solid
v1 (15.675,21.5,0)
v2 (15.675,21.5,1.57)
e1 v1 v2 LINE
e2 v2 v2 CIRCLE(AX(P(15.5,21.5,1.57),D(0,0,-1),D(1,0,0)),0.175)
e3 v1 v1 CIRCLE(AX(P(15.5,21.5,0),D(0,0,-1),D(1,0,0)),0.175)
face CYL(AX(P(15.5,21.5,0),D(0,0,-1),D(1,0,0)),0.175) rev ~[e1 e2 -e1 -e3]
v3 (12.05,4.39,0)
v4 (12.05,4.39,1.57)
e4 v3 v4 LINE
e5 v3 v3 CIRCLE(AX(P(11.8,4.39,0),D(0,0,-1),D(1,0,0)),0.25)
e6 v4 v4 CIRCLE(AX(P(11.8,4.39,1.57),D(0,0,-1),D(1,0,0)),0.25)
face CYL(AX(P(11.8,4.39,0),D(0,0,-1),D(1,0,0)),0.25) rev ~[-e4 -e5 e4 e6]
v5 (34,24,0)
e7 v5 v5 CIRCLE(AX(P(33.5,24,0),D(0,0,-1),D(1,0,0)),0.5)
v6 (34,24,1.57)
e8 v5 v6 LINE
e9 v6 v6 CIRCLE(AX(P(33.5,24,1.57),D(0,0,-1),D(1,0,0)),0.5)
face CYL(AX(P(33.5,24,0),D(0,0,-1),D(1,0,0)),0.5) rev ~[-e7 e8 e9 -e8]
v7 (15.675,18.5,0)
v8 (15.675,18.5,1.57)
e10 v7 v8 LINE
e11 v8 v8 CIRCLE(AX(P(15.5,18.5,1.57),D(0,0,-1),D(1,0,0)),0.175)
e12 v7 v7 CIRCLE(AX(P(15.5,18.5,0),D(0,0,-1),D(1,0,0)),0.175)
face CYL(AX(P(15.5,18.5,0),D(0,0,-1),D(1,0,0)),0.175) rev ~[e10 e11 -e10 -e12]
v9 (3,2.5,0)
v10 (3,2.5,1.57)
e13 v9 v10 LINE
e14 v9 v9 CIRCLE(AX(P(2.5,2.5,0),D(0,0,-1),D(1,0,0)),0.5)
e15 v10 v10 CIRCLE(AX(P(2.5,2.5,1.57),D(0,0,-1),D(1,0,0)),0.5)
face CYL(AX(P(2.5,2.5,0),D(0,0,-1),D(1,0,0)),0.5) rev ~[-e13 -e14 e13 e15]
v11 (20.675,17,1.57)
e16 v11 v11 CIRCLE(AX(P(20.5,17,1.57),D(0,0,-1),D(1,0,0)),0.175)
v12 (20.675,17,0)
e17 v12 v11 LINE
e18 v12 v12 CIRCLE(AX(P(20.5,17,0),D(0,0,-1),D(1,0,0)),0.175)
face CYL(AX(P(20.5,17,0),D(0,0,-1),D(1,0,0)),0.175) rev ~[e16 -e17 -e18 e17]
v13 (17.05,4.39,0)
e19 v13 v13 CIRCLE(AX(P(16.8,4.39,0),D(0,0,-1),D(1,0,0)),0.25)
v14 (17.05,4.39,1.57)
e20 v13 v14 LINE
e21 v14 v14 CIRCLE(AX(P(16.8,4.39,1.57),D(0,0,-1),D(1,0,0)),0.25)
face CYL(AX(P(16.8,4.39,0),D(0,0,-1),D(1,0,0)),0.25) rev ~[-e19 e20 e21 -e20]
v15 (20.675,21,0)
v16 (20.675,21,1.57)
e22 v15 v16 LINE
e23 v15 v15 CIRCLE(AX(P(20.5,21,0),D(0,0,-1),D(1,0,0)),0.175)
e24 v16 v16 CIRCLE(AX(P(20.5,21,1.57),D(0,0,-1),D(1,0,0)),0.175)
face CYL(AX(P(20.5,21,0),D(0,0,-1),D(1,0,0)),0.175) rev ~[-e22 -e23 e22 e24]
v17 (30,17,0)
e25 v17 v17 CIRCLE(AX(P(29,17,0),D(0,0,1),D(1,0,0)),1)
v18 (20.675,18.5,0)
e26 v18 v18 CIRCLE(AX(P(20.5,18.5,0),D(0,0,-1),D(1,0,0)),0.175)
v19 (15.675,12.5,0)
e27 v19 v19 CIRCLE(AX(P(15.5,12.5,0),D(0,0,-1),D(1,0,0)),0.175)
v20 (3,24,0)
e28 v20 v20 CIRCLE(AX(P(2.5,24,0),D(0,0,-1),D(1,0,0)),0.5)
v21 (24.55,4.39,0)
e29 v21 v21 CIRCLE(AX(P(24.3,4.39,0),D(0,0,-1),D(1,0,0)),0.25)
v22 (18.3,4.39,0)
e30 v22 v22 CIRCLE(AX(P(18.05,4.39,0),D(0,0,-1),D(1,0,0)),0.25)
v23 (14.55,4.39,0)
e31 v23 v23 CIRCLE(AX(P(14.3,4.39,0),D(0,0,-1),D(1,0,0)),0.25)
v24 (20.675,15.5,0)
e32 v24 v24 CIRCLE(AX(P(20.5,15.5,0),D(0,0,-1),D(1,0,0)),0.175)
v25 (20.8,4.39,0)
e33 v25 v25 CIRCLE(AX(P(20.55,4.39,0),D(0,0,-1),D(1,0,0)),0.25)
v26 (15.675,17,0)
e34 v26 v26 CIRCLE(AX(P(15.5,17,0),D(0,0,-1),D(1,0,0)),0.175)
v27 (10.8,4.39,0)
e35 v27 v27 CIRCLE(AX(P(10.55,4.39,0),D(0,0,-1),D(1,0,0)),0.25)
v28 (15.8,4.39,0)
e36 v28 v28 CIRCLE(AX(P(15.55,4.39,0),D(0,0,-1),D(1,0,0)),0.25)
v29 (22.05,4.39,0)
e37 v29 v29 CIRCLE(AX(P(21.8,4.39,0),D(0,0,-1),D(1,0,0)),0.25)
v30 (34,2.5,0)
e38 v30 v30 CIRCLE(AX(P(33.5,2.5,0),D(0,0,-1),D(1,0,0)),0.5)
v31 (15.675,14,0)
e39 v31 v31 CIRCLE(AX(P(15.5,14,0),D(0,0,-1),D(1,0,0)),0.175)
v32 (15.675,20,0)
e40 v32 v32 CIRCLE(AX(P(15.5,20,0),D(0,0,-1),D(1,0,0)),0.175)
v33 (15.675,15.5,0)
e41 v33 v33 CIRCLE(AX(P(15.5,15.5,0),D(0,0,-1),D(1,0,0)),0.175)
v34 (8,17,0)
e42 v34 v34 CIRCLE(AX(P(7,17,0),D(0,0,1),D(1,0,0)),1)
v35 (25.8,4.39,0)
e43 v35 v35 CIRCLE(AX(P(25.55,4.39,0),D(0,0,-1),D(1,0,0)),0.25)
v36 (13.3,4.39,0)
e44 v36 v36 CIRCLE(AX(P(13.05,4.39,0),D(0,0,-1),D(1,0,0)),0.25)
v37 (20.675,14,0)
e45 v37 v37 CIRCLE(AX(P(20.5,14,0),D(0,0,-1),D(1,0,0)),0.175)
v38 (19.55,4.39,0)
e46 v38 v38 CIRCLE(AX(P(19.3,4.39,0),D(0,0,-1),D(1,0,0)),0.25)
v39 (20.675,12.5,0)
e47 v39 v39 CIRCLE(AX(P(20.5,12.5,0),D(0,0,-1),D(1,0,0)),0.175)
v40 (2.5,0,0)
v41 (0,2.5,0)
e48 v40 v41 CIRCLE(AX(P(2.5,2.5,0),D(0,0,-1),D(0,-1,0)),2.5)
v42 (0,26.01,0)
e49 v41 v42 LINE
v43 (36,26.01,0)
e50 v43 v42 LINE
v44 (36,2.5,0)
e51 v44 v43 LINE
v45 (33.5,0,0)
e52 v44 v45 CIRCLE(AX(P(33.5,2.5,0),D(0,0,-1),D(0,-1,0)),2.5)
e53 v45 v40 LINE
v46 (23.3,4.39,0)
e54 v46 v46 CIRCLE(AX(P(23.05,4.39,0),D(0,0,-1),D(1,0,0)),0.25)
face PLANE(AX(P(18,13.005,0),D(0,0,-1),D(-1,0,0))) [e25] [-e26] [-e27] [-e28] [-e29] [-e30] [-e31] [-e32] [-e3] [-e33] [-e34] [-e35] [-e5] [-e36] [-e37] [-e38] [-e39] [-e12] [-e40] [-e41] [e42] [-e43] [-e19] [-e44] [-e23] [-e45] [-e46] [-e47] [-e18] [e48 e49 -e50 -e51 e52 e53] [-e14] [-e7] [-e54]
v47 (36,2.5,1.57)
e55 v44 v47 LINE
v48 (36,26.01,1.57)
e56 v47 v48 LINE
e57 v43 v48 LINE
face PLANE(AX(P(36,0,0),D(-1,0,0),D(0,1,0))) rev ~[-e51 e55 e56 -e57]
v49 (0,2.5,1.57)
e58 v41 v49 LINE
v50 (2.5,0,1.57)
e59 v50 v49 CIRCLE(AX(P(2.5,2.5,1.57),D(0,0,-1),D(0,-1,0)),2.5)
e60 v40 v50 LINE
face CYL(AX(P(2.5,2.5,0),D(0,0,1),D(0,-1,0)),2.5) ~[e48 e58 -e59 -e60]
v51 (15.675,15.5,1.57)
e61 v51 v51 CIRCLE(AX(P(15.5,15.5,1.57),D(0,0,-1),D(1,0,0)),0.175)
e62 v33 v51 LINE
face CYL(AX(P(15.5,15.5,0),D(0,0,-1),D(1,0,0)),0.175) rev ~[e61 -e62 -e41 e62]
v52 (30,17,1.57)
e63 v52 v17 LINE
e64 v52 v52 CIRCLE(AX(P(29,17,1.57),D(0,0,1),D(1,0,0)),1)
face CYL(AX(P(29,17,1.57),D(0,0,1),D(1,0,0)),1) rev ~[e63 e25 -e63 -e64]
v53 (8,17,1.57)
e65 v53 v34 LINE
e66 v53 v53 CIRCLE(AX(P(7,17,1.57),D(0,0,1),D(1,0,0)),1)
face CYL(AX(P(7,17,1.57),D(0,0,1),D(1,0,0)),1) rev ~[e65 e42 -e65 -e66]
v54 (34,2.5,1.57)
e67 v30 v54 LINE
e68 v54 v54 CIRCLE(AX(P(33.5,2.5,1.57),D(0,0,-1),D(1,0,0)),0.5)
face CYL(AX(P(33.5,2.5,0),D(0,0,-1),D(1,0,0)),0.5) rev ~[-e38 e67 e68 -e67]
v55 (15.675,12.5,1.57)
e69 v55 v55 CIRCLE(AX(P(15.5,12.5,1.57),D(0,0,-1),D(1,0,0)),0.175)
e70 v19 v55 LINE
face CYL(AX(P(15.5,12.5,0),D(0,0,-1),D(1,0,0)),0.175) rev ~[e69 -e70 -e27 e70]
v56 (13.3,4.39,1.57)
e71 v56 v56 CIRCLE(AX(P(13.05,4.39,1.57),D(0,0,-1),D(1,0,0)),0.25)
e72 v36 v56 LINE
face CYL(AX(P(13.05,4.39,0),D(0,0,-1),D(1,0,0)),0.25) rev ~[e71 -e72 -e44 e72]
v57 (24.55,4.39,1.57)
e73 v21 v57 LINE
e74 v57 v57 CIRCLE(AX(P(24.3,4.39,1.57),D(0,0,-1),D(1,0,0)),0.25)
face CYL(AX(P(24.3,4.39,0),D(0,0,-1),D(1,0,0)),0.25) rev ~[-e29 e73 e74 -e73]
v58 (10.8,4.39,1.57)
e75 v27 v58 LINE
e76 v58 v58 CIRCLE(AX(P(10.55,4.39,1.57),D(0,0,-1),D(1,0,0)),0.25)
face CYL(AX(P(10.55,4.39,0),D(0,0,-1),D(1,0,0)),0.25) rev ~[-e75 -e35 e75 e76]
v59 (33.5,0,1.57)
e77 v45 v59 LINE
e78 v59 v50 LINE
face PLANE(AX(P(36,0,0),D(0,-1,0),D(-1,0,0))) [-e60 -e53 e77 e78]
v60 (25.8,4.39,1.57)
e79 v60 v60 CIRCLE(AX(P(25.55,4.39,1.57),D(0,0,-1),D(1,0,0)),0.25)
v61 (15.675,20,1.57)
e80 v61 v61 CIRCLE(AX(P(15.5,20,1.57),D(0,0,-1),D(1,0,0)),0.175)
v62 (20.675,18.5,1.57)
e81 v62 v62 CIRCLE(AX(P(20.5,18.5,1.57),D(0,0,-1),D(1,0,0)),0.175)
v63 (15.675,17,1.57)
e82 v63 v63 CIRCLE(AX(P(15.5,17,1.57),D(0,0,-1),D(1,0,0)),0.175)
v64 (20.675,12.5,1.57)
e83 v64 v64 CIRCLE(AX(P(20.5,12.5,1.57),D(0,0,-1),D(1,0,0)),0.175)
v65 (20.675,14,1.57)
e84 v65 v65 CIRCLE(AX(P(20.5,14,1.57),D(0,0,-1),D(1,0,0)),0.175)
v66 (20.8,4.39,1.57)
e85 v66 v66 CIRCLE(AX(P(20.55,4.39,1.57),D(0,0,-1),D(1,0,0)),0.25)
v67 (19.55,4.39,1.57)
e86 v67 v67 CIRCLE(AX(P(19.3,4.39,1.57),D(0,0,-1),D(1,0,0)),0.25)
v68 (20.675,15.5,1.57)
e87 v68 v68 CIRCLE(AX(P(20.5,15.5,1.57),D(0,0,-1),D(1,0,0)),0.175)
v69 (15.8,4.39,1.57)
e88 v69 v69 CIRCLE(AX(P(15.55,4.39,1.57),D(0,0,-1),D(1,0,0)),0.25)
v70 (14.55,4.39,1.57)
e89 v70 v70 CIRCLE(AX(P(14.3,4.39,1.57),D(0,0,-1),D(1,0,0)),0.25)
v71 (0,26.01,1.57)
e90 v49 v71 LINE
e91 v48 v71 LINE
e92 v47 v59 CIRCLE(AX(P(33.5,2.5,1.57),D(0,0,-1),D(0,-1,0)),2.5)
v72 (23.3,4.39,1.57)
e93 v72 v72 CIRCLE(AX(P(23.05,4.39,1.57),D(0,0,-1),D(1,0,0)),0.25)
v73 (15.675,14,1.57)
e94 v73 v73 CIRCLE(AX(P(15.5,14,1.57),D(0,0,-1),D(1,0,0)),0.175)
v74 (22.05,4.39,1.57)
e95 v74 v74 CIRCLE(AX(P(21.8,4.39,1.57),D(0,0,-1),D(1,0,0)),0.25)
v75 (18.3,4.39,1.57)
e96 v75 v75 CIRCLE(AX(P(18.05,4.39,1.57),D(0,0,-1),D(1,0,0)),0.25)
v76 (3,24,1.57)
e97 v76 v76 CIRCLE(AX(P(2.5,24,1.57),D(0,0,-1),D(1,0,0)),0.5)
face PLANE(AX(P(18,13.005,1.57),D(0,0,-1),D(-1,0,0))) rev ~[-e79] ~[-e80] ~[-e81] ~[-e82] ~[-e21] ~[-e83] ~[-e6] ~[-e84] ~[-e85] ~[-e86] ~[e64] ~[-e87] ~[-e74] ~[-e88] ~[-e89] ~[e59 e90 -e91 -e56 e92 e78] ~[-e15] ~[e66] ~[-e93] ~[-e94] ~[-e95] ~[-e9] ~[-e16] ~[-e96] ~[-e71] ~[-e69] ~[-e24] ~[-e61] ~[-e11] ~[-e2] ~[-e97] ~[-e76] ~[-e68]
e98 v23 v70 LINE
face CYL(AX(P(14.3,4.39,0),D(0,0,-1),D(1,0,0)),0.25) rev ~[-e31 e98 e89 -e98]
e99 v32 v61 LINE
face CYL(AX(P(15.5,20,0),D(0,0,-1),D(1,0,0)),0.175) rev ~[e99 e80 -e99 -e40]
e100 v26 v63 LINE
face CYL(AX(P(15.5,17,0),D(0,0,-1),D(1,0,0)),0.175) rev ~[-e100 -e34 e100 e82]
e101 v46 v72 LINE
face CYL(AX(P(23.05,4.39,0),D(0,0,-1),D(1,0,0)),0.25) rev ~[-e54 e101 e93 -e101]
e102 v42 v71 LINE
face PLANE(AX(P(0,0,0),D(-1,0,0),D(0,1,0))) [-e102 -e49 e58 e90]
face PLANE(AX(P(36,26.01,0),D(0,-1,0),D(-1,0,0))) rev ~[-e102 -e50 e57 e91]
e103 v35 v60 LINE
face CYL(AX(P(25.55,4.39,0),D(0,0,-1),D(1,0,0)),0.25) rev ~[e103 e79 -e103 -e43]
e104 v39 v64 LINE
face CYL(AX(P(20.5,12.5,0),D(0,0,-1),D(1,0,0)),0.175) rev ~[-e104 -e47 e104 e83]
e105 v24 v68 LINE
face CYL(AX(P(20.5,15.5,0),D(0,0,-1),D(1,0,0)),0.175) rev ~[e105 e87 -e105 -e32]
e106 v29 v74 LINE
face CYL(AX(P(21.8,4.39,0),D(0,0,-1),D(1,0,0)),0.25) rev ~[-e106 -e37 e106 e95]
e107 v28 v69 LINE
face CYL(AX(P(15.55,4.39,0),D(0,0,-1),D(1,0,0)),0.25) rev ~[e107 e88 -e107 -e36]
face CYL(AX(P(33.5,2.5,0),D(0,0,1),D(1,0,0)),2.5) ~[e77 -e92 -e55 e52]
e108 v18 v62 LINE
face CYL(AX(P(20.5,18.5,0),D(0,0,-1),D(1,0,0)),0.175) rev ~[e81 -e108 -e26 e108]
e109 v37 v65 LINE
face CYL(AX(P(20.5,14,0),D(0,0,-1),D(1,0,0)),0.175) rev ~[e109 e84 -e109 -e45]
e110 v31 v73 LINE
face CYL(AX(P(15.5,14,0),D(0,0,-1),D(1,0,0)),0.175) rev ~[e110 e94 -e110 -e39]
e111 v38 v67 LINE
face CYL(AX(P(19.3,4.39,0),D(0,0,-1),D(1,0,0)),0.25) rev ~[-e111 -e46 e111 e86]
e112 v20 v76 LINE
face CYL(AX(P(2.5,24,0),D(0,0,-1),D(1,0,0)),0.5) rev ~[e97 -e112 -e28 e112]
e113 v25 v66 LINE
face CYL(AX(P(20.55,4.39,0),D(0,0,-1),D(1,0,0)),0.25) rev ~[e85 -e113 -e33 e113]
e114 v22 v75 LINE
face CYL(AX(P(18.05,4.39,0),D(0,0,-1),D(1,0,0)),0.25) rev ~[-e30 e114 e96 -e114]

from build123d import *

# Parameters (mm, degrees)
ESQUISSE1_W             = 36
ESQUISSE1_H             = 26.01
ESQUISSE1_R             = 0.175
ESQUISSE1_R_2           = 0.5
ESQUISSE1_R_3           = 0.25
BOSS_EXTRU_1_DEPTH      = 1.57
ENL_V_MAT_EXTRU_1_REACH = 46.441
ESQUISSE2_R             = 1
CONG_1_R                = 2.5


with BuildPart() as part:
    # Esquisse1 → Boss.-Extru.1 (new body)
    with BuildSketch(Plane(origin=(0, 0, 0), x_dir=(-1, 0, 0), z_dir=(0, 0, -1))):
        with Locations((-18, 13.005)):
            Rectangle(ESQUISSE1_W, ESQUISSE1_H)
        with Locations(Location((-15.5, 21.5, 0), (0, 0, 180))):
            Circle(ESQUISSE1_R, mode=Mode.SUBTRACT)
        with Locations(Location((-15.5, 20, 0), (0, 0, 180))):
            Circle(ESQUISSE1_R, mode=Mode.SUBTRACT)
        with Locations(Location((-15.5, 18.5, 0), (0, 0, 180))):
            Circle(ESQUISSE1_R, mode=Mode.SUBTRACT)
        with Locations(Location((-15.5, 15.5, 0), (0, 0, 180))):
            Circle(ESQUISSE1_R, mode=Mode.SUBTRACT)
        with Locations(Location((-15.5, 17, 0), (0, 0, 180))):
            Circle(ESQUISSE1_R, mode=Mode.SUBTRACT)
        with Locations(Location((-15.5, 12.5, 0), (0, 0, 180))):
            Circle(ESQUISSE1_R, mode=Mode.SUBTRACT)
        with Locations(Location((-15.5, 14, 0), (0, 0, 180))):
            Circle(ESQUISSE1_R, mode=Mode.SUBTRACT)
        with Locations(Location((-7, 17, 0), (0, 0, 180))):
            Circle(ESQUISSE1_R_2, mode=Mode.SUBTRACT)
        with Locations(Location((-20.5, 21, 0), (0, 0, 180))):
            Circle(ESQUISSE1_R, mode=Mode.SUBTRACT)
        with Locations(Location((-20.5, 18.5, 0), (0, 0, 180))):
            Circle(ESQUISSE1_R, mode=Mode.SUBTRACT)
        with Locations(Location((-20.5, 15.5, 0), (0, 0, 180))):
            Circle(ESQUISSE1_R, mode=Mode.SUBTRACT)
        with Locations(Location((-20.5, 17, 0), (0, 0, 180))):
            Circle(ESQUISSE1_R, mode=Mode.SUBTRACT)
        with Locations(Location((-20.5, 12.5, 0), (0, 0, 180))):
            Circle(ESQUISSE1_R, mode=Mode.SUBTRACT)
        with Locations(Location((-20.5, 14, 0), (0, 0, 180))):
            Circle(ESQUISSE1_R, mode=Mode.SUBTRACT)
        with Locations(Location((-2.5, 24, 0), (0, 0, 180))):
            Circle(ESQUISSE1_R_2, mode=Mode.SUBTRACT)
        with Locations(Location((-29, 17, 0), (0, 0, 180))):
            Circle(ESQUISSE1_R_2, mode=Mode.SUBTRACT)
        with Locations(Location((-2.5, 2.5, 0), (0, 0, 180))):
            Circle(ESQUISSE1_R_2, mode=Mode.SUBTRACT)
        with Locations(Location((-33.5, 2.5, 0), (0, 0, 180))):
            Circle(ESQUISSE1_R_2, mode=Mode.SUBTRACT)
        with Locations(Location((-33.5, 24, 0), (0, 0, 180))):
            Circle(ESQUISSE1_R_2, mode=Mode.SUBTRACT)
        with Locations(Location((-10.55, 4.39, 0), (0, 0, 180))):
            Circle(ESQUISSE1_R_3, mode=Mode.SUBTRACT)
        with Locations(Location((-13.05, 4.39, 0), (0, 0, 180))):
            Circle(ESQUISSE1_R_3, mode=Mode.SUBTRACT)
        with Locations(Location((-15.55, 4.39, 0), (0, 0, 180))):
            Circle(ESQUISSE1_R_3, mode=Mode.SUBTRACT)
        with Locations(Location((-25.55, 4.39, 0), (0, 0, 180))):
            Circle(ESQUISSE1_R_3, mode=Mode.SUBTRACT)
        with Locations(Location((-19.3, 4.39, 0), (0, 0, 180))):
            Circle(ESQUISSE1_R_3, mode=Mode.SUBTRACT)
        with Locations(Location((-21.8, 4.39, 0), (0, 0, 180))):
            Circle(ESQUISSE1_R_3, mode=Mode.SUBTRACT)
        with Locations(Location((-24.3, 4.39, 0), (0, 0, 180))):
            Circle(ESQUISSE1_R_3, mode=Mode.SUBTRACT)
        with Locations(Location((-23.05, 4.39, 0), (0, 0, 180))):
            Circle(ESQUISSE1_R_3, mode=Mode.SUBTRACT)
        with Locations(Location((-20.55, 4.39, 0), (0, 0, 180))):
            Circle(ESQUISSE1_R_3, mode=Mode.SUBTRACT)
        with Locations(Location((-18.05, 4.39, 0), (0, 0, 180))):
            Circle(ESQUISSE1_R_3, mode=Mode.SUBTRACT)
        with Locations(Location((-16.8, 4.39, 0), (0, 0, 180))):
            Circle(ESQUISSE1_R_3, mode=Mode.SUBTRACT)
        with Locations(Location((-14.3, 4.39, 0), (0, 0, 180))):
            Circle(ESQUISSE1_R_3, mode=Mode.SUBTRACT)
        with Locations(Location((-11.8, 4.39, 0), (0, 0, 180))):
            Circle(ESQUISSE1_R_3, mode=Mode.SUBTRACT)
    extrude(amount=-BOSS_EXTRU_1_DEPTH)

    # Esquisse2 → Enlèv. mat.-Extru.1 (cut, up to next)
    with BuildSketch(Plane.XY.offset(1.57), mode=Mode.PRIVATE) as enl_v_mat_extru_1_sk1:
        with Locations((7, 17)):
            Circle(ESQUISSE2_R)
    enl_v_mat_extru_1_tool1 = extrude(enl_v_mat_extru_1_sk1.sketch, amount=-ENL_V_MAT_EXTRU_1_REACH, mode=Mode.PRIVATE) & part.part
    # Esquisse2 → Enlèv. mat.-Extru.1 (cut, up to next)
    with BuildSketch(Plane.XY.offset(1.57), mode=Mode.PRIVATE) as enl_v_mat_extru_1_sk2:
        with Locations((29, 17)):
            Circle(ESQUISSE2_R)
    enl_v_mat_extru_1_tool2 = extrude(enl_v_mat_extru_1_sk2.sketch, amount=-ENL_V_MAT_EXTRU_1_REACH, mode=Mode.PRIVATE) & part.part
    add(enl_v_mat_extru_1_tool1.solids().sort_by_distance((7, 17, 1.57))[0], mode=Mode.SUBTRACT)
    add(enl_v_mat_extru_1_tool2.solids().sort_by_distance((29, 17, 1.57))[0], mode=Mode.SUBTRACT)

    # Congé1
    cong_1_edges = [part.edges().sort_by_distance(p)[0] for p in [
        (0, 0, 0.785),
        (36, 0, 0.785),
    ]]
    fillet(cong_1_edges, radius=CONG_1_R)


solid = part.part
